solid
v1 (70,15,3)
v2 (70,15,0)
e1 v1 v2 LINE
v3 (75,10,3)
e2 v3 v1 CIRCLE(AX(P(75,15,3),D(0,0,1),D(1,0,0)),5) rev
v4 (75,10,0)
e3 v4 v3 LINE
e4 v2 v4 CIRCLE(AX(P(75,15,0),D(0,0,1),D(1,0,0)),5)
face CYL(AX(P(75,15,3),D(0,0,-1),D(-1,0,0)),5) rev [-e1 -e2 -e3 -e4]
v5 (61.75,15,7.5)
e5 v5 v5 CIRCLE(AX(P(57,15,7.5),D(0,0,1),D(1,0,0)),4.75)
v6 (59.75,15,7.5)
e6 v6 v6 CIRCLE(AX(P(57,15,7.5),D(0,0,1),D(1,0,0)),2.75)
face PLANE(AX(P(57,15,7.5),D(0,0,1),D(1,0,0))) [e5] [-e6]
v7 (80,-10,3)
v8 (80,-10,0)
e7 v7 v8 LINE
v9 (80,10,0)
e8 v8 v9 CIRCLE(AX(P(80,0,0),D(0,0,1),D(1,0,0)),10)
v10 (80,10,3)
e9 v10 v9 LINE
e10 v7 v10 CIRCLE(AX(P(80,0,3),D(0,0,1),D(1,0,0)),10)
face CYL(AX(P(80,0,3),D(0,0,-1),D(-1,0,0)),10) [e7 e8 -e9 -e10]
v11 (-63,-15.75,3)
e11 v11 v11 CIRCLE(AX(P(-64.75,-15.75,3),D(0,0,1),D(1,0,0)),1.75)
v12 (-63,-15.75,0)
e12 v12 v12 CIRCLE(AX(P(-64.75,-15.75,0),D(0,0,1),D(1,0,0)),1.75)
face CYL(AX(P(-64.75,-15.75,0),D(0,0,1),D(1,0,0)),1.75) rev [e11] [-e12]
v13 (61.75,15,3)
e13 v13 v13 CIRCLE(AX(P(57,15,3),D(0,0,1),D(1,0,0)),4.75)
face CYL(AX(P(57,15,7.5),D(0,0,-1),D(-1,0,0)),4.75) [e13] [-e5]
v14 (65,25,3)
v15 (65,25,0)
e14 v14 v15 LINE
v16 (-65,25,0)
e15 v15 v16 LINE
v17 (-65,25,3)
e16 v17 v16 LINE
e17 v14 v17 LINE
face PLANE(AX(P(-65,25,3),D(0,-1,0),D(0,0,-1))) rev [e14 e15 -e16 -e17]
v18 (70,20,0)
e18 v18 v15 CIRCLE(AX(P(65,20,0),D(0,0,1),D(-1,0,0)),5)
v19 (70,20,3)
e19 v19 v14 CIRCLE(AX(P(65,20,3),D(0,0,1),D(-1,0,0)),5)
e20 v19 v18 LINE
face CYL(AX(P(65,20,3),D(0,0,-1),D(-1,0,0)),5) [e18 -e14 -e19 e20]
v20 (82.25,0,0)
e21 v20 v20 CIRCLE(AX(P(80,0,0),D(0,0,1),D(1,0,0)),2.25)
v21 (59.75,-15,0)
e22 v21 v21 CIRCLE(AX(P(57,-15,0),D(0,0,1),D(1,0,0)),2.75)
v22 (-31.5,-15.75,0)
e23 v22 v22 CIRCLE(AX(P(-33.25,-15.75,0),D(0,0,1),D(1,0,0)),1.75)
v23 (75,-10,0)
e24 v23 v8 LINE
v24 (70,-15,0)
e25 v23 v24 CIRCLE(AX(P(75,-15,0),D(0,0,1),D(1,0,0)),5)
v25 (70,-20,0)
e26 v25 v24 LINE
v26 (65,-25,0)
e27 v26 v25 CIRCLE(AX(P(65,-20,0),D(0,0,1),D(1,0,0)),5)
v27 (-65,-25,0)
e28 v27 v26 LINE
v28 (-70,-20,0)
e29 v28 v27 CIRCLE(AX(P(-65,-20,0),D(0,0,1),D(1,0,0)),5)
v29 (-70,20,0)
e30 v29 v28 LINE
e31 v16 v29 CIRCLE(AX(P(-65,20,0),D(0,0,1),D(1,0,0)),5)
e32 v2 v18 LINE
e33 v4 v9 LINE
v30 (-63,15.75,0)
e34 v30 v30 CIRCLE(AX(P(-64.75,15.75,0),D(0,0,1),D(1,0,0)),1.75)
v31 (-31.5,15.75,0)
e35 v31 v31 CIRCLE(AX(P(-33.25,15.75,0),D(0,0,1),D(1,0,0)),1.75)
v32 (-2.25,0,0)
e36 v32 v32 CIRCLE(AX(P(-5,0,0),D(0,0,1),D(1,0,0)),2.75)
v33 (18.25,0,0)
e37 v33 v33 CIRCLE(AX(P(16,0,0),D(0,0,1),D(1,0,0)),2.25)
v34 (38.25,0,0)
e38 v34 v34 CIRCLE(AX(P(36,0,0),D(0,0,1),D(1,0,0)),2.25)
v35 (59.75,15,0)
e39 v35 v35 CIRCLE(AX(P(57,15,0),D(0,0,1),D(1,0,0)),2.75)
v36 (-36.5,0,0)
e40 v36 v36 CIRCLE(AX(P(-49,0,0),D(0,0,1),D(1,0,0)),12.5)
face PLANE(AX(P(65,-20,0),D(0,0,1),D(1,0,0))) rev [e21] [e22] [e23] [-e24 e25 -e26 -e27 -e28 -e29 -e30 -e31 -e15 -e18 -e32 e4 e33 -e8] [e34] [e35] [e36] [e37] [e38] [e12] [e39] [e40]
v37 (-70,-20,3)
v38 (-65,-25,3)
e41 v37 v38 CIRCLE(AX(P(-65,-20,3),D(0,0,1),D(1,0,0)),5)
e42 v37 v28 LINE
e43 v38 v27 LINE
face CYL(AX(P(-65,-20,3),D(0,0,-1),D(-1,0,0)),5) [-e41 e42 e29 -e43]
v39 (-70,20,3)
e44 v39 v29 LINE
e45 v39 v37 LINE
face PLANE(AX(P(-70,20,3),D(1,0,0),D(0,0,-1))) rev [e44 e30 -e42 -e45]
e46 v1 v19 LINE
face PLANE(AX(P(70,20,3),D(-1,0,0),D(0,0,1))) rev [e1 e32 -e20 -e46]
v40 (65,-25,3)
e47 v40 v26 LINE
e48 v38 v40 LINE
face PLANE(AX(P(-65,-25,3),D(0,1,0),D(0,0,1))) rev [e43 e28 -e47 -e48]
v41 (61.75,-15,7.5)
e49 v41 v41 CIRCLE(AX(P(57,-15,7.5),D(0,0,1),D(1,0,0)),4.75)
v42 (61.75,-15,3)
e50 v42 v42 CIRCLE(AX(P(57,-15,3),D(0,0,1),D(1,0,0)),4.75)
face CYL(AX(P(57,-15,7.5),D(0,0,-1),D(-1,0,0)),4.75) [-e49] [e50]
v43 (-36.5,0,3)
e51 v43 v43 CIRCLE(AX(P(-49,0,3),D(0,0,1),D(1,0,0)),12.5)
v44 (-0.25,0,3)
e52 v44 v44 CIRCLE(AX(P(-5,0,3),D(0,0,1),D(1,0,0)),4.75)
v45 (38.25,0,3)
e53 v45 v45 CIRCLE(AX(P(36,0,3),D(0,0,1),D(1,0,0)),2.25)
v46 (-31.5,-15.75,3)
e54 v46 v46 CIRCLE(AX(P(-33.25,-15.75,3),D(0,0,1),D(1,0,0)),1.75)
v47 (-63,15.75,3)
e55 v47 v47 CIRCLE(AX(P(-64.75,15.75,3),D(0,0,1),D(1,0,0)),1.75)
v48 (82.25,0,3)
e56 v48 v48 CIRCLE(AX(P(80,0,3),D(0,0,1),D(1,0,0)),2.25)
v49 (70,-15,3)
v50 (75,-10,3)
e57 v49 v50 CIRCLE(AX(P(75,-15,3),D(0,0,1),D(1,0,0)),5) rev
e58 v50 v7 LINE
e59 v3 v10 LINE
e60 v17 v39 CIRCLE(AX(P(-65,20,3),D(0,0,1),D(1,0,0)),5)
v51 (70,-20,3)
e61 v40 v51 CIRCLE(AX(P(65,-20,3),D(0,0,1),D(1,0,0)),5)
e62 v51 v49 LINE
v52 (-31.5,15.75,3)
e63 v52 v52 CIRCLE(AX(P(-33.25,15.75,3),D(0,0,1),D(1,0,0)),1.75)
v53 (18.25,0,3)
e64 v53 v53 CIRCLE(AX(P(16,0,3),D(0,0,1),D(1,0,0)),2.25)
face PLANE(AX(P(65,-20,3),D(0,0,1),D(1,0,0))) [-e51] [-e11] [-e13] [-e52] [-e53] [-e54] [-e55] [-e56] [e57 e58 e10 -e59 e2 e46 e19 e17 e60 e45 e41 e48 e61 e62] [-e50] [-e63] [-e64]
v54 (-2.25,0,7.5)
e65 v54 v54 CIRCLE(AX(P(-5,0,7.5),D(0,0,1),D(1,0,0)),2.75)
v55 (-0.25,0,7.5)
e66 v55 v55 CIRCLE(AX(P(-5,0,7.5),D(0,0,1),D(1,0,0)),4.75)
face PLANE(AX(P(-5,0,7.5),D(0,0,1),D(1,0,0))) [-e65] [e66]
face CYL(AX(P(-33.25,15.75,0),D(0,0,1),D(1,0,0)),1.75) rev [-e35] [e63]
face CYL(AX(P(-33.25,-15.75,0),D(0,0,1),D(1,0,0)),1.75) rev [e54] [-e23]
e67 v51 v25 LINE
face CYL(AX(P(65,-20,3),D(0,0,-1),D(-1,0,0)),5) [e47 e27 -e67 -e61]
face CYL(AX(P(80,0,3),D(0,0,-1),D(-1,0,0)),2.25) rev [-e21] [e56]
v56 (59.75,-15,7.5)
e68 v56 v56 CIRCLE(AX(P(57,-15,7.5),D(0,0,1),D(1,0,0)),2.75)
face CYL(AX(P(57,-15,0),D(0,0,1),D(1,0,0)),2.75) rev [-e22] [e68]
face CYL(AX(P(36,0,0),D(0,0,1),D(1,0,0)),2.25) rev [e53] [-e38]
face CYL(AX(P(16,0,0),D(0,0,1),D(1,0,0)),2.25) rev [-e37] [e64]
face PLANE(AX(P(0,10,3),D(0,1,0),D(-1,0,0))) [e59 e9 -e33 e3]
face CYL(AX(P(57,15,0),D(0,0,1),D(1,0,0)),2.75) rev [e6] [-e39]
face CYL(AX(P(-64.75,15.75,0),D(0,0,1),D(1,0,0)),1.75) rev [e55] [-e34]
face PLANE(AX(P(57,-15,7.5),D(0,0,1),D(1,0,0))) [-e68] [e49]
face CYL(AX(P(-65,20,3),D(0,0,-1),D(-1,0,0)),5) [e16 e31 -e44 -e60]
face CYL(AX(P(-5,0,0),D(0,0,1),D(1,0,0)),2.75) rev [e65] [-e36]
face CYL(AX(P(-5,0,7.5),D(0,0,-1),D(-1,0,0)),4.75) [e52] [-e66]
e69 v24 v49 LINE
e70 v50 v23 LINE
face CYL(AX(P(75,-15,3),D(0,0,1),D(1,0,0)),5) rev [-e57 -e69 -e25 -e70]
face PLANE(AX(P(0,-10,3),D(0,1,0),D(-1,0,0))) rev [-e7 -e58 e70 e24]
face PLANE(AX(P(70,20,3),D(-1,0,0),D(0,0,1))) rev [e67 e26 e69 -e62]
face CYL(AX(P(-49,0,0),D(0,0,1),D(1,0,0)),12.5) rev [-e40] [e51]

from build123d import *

# Parameters (mm, degrees)
BOSS_EXTRUDE1_DEPTH = 3
SKETCH2_R           = 1.75
SKETCH2_R_2         = 12.5
SKETCH2_R_3         = 2.75
CUT_EXTRUDE1_DEPTH  = 3
SKETCH3_R           = 4.75
SKETCH3_R_2         = 2.75
BOSS_EXTRUDE2_DEPTH = 4.5
SKETCH4_R           = 2.25
BOSS_EXTRUDE3_DEPTH = 3
FILLET1_R           = 5
SKETCH5_R           = 2.25
CUT_EXTRUDE2_DEPTH  = 4


with BuildPart() as part:
    # Sketch1 → Boss-Extrude1 (new body)
    with BuildSketch(Plane.XY):
        with BuildLine():
            Line((-65, 25), (65, 25))
            ThreePointArc((65, 25), (68.535533906, 23.535533906), (70, 20))
            Line((70, 20), (70, -20))
            ThreePointArc((70, -20), (68.535533906, -23.535533906), (65, -25))
            Line((65, -25), (-65, -25))
            ThreePointArc((-65, -25), (-68.535533906, -23.535533906), (-70, -20))
            Line((-70, -20), (-70, 20))
            ThreePointArc((-70, 20), (-68.535533906, 23.535533906), (-65, 25))
        make_face()
    extrude(amount=BOSS_EXTRUDE1_DEPTH)

    # Sketch2 → Cut-Extrude1 (cut)
    with BuildSketch(Plane.XY.offset(3)):
        with Locations((-64.75, 15.75)):
            Circle(SKETCH2_R)
        with Locations((-33.25, 15.75)):
            Circle(SKETCH2_R)
        with Locations((-64.75, -15.75)):
            Circle(SKETCH2_R)
        with Locations((-33.25, -15.75)):
            Circle(SKETCH2_R)
        with Locations((-49, 0)):
            Circle(SKETCH2_R_2)
        with Locations((57, 15)):
            Circle(SKETCH2_R_3)
        with Locations((57, -15)):
            Circle(SKETCH2_R_3)
        with Locations((-5, 0)):
            Circle(SKETCH2_R_3)
    extrude(amount=-CUT_EXTRUDE1_DEPTH, mode=Mode.SUBTRACT)

    # Sketch3 → Boss-Extrude2 (add)
    with BuildSketch(Plane.XY.offset(3)):
        with Locations((57, 15)):
            Circle(SKETCH3_R)
        with Locations((57, 15)):
            Circle(SKETCH3_R_2, mode=Mode.SUBTRACT)
        with Locations((-5, 0)):
            Circle(SKETCH3_R)
        with Locations((-5, 0)):
            Circle(SKETCH3_R_2, mode=Mode.SUBTRACT)
        with Locations((57, -15)):
            Circle(SKETCH3_R)
        with Locations((57, -15)):
            Circle(SKETCH3_R_2, mode=Mode.SUBTRACT)
    extrude(amount=BOSS_EXTRUDE2_DEPTH)

    # Sketch4 → Boss-Extrude3 (add)
    with BuildSketch(Plane.XY):
        with BuildLine():
            Line((70, 10), (70, -10))
            Line((70, -10), (80, -10))
            ThreePointArc((80, -10), (90, 0), (80, 10))
            Line((80, 10), (70, 10))
        make_face()
        with Locations((80, 0)):
            Circle(SKETCH4_R, mode=Mode.SUBTRACT)
    extrude(amount=BOSS_EXTRUDE3_DEPTH)

    # Fillet1
    fillet1_edges = [part.edges().sort_by_distance(p)[0] for p in [
        (70, -10, 1.5),
        (70, 10, 1.5),
    ]]
    fillet(fillet1_edges, radius=FILLET1_R)

    # Sketch5 → Cut-Extrude2 (cut, through all)
    with BuildSketch(Plane.XY.offset(3)):
        with Locations((16, 0)):
            Circle(SKETCH5_R)
        with Locations((36, 0)):
            Circle(SKETCH5_R)
    extrude(amount=-CUT_EXTRUDE2_DEPTH, mode=Mode.SUBTRACT)


solid = part.part
